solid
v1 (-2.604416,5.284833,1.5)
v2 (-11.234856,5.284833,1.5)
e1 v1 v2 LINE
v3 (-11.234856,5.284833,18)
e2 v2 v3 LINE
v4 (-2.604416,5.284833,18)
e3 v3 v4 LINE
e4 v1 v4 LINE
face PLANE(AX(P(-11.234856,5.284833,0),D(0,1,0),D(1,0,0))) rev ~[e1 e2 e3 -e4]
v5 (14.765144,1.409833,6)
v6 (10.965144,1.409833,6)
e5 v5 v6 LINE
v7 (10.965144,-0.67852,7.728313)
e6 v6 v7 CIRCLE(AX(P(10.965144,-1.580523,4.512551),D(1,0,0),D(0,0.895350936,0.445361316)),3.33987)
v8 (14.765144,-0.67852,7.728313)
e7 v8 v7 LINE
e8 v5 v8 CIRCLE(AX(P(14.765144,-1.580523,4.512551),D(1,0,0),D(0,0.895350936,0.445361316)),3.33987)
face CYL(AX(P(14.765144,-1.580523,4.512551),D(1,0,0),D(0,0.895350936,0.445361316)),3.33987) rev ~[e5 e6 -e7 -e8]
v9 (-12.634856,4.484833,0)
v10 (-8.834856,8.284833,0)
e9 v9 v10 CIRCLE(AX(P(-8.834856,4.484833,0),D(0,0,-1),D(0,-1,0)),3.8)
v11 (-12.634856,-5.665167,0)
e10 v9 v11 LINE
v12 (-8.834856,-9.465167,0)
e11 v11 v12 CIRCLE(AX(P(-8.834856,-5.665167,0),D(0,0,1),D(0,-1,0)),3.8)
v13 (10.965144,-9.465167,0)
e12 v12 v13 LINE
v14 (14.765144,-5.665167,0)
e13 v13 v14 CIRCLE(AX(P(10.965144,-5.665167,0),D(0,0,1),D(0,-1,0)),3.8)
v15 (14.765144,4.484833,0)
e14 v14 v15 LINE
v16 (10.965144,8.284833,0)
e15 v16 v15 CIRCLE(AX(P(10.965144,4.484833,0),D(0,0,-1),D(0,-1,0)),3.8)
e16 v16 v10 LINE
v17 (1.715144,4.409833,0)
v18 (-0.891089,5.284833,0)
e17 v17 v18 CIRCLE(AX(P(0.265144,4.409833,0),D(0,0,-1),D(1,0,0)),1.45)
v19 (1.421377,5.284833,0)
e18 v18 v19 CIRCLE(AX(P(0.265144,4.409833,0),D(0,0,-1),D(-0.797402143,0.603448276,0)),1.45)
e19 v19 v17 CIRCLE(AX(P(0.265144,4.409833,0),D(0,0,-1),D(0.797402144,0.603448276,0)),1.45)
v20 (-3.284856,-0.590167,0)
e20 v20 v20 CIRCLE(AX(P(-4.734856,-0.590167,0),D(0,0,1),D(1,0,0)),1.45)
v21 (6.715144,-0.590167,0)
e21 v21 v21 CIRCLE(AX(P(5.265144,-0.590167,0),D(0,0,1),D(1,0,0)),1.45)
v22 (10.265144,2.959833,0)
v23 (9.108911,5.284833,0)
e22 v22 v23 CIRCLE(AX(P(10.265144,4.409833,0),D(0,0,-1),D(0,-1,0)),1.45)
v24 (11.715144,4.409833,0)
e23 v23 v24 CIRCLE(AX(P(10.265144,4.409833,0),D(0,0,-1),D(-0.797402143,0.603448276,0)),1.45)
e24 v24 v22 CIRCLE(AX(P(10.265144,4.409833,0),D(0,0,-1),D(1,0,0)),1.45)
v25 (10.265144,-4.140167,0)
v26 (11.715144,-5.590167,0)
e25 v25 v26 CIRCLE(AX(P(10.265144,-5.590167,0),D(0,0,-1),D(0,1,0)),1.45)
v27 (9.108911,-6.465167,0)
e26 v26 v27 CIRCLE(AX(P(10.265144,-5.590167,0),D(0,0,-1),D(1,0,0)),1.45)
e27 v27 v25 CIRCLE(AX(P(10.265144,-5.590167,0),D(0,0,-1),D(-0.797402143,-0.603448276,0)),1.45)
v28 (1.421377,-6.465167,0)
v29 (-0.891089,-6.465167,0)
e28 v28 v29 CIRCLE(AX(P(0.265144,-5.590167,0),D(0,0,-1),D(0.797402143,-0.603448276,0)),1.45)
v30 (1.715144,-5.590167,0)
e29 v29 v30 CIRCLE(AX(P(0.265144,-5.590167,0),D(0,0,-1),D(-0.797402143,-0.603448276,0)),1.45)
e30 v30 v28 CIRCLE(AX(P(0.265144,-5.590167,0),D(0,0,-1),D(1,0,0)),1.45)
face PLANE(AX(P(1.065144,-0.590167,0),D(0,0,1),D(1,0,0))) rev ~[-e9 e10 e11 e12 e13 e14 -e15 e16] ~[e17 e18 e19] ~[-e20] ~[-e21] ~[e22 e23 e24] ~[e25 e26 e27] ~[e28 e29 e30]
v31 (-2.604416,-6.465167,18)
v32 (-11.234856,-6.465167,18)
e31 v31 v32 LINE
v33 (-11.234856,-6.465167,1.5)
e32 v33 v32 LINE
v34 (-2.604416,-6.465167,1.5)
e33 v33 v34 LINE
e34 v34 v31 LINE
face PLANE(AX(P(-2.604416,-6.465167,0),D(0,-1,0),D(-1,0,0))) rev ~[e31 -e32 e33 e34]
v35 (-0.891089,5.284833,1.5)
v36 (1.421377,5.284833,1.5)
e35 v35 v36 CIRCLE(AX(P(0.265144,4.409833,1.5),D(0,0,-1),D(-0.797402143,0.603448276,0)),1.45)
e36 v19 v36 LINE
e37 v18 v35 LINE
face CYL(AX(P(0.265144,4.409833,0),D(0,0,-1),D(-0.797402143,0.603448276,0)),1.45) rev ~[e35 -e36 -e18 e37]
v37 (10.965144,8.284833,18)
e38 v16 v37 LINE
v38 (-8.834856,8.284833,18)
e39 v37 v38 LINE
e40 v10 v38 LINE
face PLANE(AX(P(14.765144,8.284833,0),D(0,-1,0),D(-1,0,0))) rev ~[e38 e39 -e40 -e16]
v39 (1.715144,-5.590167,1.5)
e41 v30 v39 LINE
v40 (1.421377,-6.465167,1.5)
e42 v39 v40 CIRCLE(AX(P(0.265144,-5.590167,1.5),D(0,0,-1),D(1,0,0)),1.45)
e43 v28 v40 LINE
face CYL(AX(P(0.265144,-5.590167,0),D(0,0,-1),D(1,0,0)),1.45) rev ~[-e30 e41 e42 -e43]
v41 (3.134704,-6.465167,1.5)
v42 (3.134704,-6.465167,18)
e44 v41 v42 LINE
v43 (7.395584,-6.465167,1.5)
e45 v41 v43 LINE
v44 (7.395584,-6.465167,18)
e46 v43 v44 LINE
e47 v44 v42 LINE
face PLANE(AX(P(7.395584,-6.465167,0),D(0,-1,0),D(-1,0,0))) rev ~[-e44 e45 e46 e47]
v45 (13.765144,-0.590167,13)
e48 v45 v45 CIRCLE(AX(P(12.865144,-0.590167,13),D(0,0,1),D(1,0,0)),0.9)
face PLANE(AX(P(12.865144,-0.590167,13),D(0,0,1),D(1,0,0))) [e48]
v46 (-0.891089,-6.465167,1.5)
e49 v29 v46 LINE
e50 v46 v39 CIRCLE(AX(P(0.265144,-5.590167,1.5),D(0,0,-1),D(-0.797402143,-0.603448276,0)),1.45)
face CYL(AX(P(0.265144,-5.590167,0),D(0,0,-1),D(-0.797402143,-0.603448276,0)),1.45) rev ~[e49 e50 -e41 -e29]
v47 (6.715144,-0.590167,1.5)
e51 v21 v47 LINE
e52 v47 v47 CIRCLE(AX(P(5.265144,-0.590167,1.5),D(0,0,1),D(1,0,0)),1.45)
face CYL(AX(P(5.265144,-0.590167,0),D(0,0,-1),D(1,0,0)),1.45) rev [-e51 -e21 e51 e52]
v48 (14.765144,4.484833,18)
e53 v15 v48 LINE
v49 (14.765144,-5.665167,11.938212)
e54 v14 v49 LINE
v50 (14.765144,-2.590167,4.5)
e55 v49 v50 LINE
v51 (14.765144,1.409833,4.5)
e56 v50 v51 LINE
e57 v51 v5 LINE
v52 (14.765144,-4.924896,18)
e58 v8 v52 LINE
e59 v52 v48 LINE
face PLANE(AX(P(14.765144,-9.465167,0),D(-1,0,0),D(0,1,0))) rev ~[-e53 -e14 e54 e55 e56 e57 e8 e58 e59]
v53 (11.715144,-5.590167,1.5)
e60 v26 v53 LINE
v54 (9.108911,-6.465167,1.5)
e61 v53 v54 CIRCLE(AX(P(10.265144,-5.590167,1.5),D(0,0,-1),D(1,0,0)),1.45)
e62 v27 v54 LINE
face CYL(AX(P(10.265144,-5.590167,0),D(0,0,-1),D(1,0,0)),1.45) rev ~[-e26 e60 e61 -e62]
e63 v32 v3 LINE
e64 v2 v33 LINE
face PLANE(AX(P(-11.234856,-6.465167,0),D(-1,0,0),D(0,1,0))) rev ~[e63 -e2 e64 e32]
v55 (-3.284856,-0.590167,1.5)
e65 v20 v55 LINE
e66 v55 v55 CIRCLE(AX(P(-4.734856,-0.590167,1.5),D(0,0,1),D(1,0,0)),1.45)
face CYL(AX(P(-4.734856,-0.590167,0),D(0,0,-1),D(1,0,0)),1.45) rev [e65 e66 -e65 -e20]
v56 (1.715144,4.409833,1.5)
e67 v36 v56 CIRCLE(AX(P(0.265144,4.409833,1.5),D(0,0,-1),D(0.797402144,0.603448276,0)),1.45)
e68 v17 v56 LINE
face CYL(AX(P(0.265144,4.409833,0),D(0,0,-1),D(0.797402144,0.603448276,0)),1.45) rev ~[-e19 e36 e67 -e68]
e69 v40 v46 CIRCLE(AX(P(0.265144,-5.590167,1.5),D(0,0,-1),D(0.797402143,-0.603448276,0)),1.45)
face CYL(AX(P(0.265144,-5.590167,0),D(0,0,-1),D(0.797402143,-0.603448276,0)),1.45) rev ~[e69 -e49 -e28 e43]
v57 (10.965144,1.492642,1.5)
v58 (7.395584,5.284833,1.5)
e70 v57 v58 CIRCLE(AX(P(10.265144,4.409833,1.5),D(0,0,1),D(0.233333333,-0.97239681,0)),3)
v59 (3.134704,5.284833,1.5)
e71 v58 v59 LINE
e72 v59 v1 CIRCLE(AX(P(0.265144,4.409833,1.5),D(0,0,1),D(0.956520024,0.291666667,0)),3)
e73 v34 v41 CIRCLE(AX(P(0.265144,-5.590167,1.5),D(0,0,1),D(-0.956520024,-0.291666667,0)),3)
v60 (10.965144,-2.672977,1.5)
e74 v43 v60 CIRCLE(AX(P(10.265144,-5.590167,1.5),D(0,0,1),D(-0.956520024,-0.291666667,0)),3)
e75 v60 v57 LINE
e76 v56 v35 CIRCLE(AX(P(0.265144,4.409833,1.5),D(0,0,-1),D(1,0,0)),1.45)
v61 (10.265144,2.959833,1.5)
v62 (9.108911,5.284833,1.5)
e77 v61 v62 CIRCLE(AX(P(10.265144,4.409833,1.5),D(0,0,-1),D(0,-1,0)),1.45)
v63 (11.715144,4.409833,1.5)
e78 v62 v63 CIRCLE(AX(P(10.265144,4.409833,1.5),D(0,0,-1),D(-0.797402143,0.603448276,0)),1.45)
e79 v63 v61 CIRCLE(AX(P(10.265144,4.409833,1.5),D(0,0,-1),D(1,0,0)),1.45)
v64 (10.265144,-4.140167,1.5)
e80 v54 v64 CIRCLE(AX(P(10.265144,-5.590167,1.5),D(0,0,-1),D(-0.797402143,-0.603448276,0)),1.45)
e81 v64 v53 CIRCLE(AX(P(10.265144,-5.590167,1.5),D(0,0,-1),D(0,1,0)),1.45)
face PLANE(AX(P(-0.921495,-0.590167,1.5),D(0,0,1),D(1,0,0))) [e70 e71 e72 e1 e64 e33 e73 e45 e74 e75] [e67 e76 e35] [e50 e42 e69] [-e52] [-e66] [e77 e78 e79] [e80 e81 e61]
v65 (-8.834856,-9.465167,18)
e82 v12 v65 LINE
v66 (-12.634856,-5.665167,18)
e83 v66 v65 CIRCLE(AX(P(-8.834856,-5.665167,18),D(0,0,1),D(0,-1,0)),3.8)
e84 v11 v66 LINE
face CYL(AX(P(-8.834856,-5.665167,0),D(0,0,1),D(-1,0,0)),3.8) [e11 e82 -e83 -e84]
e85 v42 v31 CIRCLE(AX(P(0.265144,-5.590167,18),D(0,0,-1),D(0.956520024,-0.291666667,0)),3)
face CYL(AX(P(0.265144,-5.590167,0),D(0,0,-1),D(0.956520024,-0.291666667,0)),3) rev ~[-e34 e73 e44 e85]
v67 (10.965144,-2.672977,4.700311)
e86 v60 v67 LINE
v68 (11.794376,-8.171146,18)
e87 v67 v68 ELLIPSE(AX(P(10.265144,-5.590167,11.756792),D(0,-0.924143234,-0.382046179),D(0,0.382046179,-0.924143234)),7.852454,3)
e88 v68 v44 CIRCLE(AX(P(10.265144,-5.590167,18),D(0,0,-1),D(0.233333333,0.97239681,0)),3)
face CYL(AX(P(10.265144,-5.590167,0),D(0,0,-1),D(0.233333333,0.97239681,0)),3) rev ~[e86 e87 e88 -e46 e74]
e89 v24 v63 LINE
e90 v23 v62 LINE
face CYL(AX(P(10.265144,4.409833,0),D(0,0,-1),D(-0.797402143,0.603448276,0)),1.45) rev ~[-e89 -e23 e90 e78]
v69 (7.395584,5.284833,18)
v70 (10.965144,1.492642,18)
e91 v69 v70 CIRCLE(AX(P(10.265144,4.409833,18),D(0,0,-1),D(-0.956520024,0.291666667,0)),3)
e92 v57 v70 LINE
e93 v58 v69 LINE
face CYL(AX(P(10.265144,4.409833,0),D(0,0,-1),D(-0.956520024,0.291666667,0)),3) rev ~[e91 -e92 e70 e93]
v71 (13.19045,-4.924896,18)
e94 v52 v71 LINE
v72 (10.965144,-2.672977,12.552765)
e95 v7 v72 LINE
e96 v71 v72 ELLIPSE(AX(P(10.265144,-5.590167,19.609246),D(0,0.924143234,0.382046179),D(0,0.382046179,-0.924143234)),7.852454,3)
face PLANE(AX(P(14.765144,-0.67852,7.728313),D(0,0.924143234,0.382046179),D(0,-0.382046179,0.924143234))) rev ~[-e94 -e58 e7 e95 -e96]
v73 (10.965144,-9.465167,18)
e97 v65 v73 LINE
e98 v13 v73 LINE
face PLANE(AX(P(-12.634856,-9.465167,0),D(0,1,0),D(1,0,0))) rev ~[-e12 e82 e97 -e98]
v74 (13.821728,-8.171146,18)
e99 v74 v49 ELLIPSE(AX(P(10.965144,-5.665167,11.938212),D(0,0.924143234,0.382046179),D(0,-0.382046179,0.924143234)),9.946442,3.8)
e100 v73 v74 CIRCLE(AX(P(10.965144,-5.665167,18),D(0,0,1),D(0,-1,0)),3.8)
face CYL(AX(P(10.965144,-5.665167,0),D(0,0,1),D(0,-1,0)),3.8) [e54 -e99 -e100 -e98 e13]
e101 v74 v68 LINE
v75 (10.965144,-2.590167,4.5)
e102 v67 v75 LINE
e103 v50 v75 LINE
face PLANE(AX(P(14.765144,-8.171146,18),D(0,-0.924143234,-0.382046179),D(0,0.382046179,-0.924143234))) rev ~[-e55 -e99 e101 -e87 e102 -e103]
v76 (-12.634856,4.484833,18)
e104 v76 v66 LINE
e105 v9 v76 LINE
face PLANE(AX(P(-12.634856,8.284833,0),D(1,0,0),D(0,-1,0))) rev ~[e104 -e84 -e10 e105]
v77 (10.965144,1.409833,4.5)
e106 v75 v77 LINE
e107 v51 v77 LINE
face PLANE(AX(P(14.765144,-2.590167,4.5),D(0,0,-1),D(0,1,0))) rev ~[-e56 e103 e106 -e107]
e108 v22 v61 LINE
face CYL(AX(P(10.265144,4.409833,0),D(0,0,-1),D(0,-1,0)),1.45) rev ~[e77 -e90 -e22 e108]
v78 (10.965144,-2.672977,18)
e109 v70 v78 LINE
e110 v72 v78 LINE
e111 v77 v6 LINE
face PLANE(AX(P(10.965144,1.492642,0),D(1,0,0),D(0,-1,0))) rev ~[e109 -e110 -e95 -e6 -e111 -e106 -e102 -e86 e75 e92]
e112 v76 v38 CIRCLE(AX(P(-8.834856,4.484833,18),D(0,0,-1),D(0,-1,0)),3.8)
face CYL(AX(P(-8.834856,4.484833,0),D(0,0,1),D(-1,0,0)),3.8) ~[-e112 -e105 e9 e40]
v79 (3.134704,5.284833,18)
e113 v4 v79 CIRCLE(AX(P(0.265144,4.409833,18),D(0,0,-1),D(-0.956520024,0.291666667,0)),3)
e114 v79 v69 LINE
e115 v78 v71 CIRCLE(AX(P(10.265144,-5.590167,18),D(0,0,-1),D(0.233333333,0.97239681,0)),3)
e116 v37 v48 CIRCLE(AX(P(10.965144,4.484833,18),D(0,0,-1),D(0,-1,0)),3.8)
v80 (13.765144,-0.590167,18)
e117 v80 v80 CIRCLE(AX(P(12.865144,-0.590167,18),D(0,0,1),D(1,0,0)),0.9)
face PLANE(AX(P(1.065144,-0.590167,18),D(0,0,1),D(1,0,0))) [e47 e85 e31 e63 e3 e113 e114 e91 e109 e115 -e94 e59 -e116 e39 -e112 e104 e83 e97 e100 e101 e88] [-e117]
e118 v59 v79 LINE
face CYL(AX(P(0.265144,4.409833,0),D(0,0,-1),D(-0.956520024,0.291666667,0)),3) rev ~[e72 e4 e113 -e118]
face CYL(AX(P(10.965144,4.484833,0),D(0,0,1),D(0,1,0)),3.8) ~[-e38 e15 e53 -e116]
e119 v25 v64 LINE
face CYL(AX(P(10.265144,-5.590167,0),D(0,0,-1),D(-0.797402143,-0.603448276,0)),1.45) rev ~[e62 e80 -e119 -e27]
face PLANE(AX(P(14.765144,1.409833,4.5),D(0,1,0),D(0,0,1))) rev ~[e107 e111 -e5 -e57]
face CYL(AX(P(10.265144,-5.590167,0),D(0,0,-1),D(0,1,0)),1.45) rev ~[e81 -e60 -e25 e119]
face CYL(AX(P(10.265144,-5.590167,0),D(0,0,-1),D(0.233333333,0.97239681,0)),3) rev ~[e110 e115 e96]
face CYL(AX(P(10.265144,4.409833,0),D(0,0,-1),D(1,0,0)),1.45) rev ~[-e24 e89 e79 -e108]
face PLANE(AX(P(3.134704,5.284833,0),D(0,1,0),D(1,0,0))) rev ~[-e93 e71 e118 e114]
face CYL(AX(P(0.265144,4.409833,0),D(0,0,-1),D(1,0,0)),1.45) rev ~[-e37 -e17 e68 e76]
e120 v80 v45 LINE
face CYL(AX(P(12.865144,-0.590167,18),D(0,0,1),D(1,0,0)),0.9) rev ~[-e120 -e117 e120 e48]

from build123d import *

# Parameters (mm, degrees)
F0_R     = 1.45
F1_DEPTH = 1.5
F2_DEPTH = 18
F3_R     = 0.9
F4_DEPTH = 5
F6_DEPTH = 5
F7_R     = 3.8


with BuildPart() as f1:
    # F0 (on Top) → F1 (new body)
    with BuildSketch(Plane.XY):
        with BuildLine():
            Line((-2.6044162591, 5.2848328158), (-11.2348561883, 5.2848328158))
            Line((-11.2348561883, 5.2848328158), (-11.2348561883, -6.4651671842))
            Line((-11.2348561883, -6.4651671842), (-2.6044162591, -6.4651671842))
            ThreePointArc((-2.6044162591, -6.4651671842), (-0.1771907831, -2.6229563548), (3.2651438117, -5.5901671842))
            ThreePointArc((3.2651438117, -5.5901671842), (3.2323546411, -6.032501779), (3.1347038825, -6.4651671842))
            Line((3.1347038825, -6.4651671842), (7.3955837409, -6.4651671842))
            ThreePointArc((7.3955837409, -6.4651671842), (7.8542311215, -3.8048100771), (10.2651438117, -2.5901671842))
            Line((10.2651438117, -2.5901671842), (10.2651438117, 1.4098328158))
            ThreePointArc((10.2651438117, 1.4098328158), (7.8542311215, 2.6244757087), (7.3955837409, 5.2848328158))
            Line((7.3955837409, 5.2848328158), (3.1347038825, 5.2848328158))
            ThreePointArc((3.1347038825, 5.2848328158), (3.2323546411, 4.8521674106), (3.2651438117, 4.4098328158))
            ThreePointArc((3.2651438117, 4.4098328158), (-0.1771907831, 1.4426219864), (-2.6044162591, 5.2848328158))
        make_face()
        with Locations((-4.7348561883, -0.5901671842)):
            Circle(F0_R, mode=Mode.SUBTRACT)
        with Locations((5.2651438117, -0.5901671842)):
            Circle(F0_R, mode=Mode.SUBTRACT)
        with BuildLine():
            ThreePointArc((10.2651438117, -2.5901671842), (7.8542311215, -3.8048100771), (7.3955837409, -6.4651671842))
            Line((7.3955837409, -6.4651671842), (9.1089107037, -6.4651671842))
            ThreePointArc((9.1089107037, -6.4651671842), (8.9668275944, -4.9445086057), (10.2651438117, -4.1401671842))
            Line((10.2651438117, -4.1401671842), (10.2651438117, -2.5901671842))
        make_face()
        with BuildLine():
            Line((9.1089107037, 5.2848328158), (7.3955837409, 5.2848328158))
            ThreePointArc((7.3955837409, 5.2848328158), (7.8542311215, 2.6244757087), (10.2651438117, 1.4098328158))
            Line((10.2651438117, 1.4098328158), (10.2651438117, 2.9598328158))
            ThreePointArc((10.2651438117, 2.9598328158), (8.9668275944, 3.7641742373), (9.1089107037, 5.2848328158))
        make_face()
        with BuildLine():
            Line((9.1089107037, -6.4651671842), (7.3955837409, -6.4651671842))
            ThreePointArc((7.3955837409, -6.4651671842), (10.7074784065, -8.5573780136), (13.2651438117, -5.5901671842))
            ThreePointArc((13.2651438117, -5.5901671842), (12.6209876096, -3.7327496221), (10.9651438117, -2.672976755))
            ThreePointArc((10.9651438117, -2.672976755), (10.6175843829, -2.6109415057), (10.2651438117, -2.5901671842))
            Line((10.2651438117, -2.5901671842), (10.2651438117, -4.1401671842))
            ThreePointArc((10.2651438117, -4.1401671842), (11.2904486444, -4.5648623515), (11.7151438117, -5.5901671842))
            ThreePointArc((11.7151438117, -5.5901671842), (10.7266424539, -6.9647649448), (9.1089107037, -6.4651671842))
        make_face()
        with BuildLine():
            ThreePointArc((3.1347038825, 5.2848328158), (0.2651438117, 7.4098328158), (-2.6044162591, 5.2848328158))
            Line((-2.6044162591, 5.2848328158), (-0.8910892963, 5.2848328158))
            ThreePointArc((-0.8910892963, 5.2848328158), (0.2651438117, 5.8598328158), (1.4213769197, 5.2848328158))
            Line((1.4213769197, 5.2848328158), (3.1347038825, 5.2848328158))
        make_face()
        with BuildLine():
            Line((-0.8910892963, 5.2848328158), (-2.6044162591, 5.2848328158))
            ThreePointArc((-2.6044162591, 5.2848328158), (-0.1771907831, 1.4426219864), (3.2651438117, 4.4098328158))
            ThreePointArc((3.2651438117, 4.4098328158), (3.2323546411, 4.8521674106), (3.1347038825, 5.2848328158))
            Line((3.1347038825, 5.2848328158), (1.4213769197, 5.2848328158))
            ThreePointArc((1.4213769197, 5.2848328158), (1.6397415722, 4.8713314579), (1.7151438117, 4.4098328158))
            ThreePointArc((1.7151438117, 4.4098328158), (-0.1963548305, 3.0352350552), (-0.8910892963, 5.2848328158))
        make_face()
        with BuildLine():
            ThreePointArc((13.2651438117, 4.4098328158), (10.7074784065, 7.3770436452), (7.3955837409, 5.2848328158))
            Line((7.3955837409, 5.2848328158), (9.1089107037, 5.2848328158))
            ThreePointArc((9.1089107037, 5.2848328158), (10.7266424539, 5.7844305763), (11.7151438117, 4.4098328158))
            ThreePointArc((11.7151438117, 4.4098328158), (11.2904486444, 3.3845279831), (10.2651438117, 2.9598328158))
            Line((10.2651438117, 2.9598328158), (10.2651438117, 1.4098328158))
            ThreePointArc((10.2651438117, 1.4098328158), (10.6175843829, 1.4306071372), (10.9651438117, 1.4926423866))
            ThreePointArc((10.9651438117, 1.4926423866), (12.6209876096, 2.5524152537), (13.2651438117, 4.4098328158))
        make_face()
        with BuildLine():
            ThreePointArc((3.2651438117, -5.5901671842), (-0.1771907831, -2.6229563548), (-2.6044162591, -6.4651671842))
            Line((-2.6044162591, -6.4651671842), (-0.8910892963, -6.4651671842))
            ThreePointArc((-0.8910892963, -6.4651671842), (-0.1963548305, -4.2155694237), (1.7151438117, -5.5901671842))
            ThreePointArc((1.7151438117, -5.5901671842), (1.6397415722, -6.0516658264), (1.4213769197, -6.4651671842))
            Line((1.4213769197, -6.4651671842), (3.1347038825, -6.4651671842))
            ThreePointArc((3.1347038825, -6.4651671842), (3.2323546411, -6.032501779), (3.2651438117, -5.5901671842))
        make_face()
        with BuildLine():
            Line((-0.8910892963, -6.4651671842), (-2.6044162591, -6.4651671842))
            ThreePointArc((-2.6044162591, -6.4651671842), (0.2651438117, -8.5901671842), (3.1347038825, -6.4651671842))
            Line((3.1347038825, -6.4651671842), (1.4213769197, -6.4651671842))
            ThreePointArc((1.4213769197, -6.4651671842), (0.2651438117, -7.0401671842), (-0.8910892963, -6.4651671842))
        make_face()
        with BuildLine():
            ThreePointArc((10.9651438117, 1.4926423866), (10.6175843829, 1.4306071372), (10.2651438117, 1.4098328158))
            Line((10.2651438117, 1.4098328158), (10.2651438117, -2.5901671842))
            ThreePointArc((10.2651438117, -2.5901671842), (10.6175843829, -2.6109415057), (10.9651438117, -2.672976755))
            Line((10.9651438117, -2.672976755), (10.9651438117, 1.4926423866))
        make_face()
    extrude(amount=F1_DEPTH)

    # F0 (on Top) → F2 (join)
    with BuildSketch(Plane.XY):
        Polygon((11.6651438117, 8.2848328158), (-12.6348561883, 8.2848328158), (-12.6348561883, -9.4651671842), (14.7651438117, -9.4651671842), (14.7651438117, 8.2848328158), align=None)
        with BuildLine():
            Line((-11.2348561883, -6.4651671842), (-11.2348561883, 5.2848328158))
            Line((-11.2348561883, 5.2848328158), (-2.6044162591, 5.2848328158))
            ThreePointArc((-2.6044162591, 5.2848328158), (0.2651438117, 7.4098328158), (3.1347038825, 5.2848328158))
            Line((3.1347038825, 5.2848328158), (7.3955837409, 5.2848328158))
            ThreePointArc((7.3955837409, 5.2848328158), (10.7074784065, 7.3770436452), (13.2651438117, 4.4098328158))
            ThreePointArc((13.2651438117, 4.4098328158), (12.6209876096, 2.5524152537), (10.9651438117, 1.4926423866))
            Line((10.9651438117, 1.4926423866), (10.9651438117, -2.672976755))
            ThreePointArc((10.9651438117, -2.672976755), (12.6209876096, -3.7327496221), (13.2651438117, -5.5901671842))
            ThreePointArc((13.2651438117, -5.5901671842), (10.7074784065, -8.5573780136), (7.3955837409, -6.4651671842))
            Line((7.3955837409, -6.4651671842), (3.1347038825, -6.4651671842))
            ThreePointArc((3.1347038825, -6.4651671842), (0.2651438117, -8.5901671842), (-2.6044162591, -6.4651671842))
            Line((-2.6044162591, -6.4651671842), (-11.2348561883, -6.4651671842))
        make_face(mode=Mode.SUBTRACT)
    extrude(amount=F2_DEPTH)

    # F3 (on face) → F4 (cut)
    with BuildSketch(Plane.XY.offset(18)):
        with Locations((12.8651438117, -0.5901671842)):
            Circle(F3_R)
    extrude(amount=-F4_DEPTH, mode=Mode.SUBTRACT)

    # F5 (on face) → F6 (cut)
    with BuildSketch(Plane.YZ.offset(14.7651438117)):
        Polygon((-2.5901671842, 4.5), (-2.5901671842, 6), (0.0359741347, 6), (-0.6785203239, 7.7283125886), (-4.924895537, 18), (-8.171145565, 18), align=None)
        Polygon((0.0359741347, 6), (-2.5901671842, 6), (-2.5901671842, 4.5), (1.4098328158, 4.5), (1.4098328158, 6), align=None)
        with BuildLine():
            Line((-0.6785203239, 7.7283125886), (0.0359741347, 6))
            Line((0.0359741347, 6), (1.4098328158, 6))
            ThreePointArc((1.4098328158, 6), (0.5488853545, 7.0855555288), (-0.6785203239, 7.7283125886))
        make_face()
    extrude(amount=-F6_DEPTH, mode=Mode.SUBTRACT)

    # F7
    f7_edges = [f1.edges().sort_by_distance(p)[0] for p in [
        (14.765144, 8.284833, 9),
        (-12.634856, 8.284833, 9),
        (-12.634856, -9.465167, 9),
        (14.765144, -9.465167, 9),
    ]]
    fillet(f7_edges, radius=F7_R)


solid = f1.part
